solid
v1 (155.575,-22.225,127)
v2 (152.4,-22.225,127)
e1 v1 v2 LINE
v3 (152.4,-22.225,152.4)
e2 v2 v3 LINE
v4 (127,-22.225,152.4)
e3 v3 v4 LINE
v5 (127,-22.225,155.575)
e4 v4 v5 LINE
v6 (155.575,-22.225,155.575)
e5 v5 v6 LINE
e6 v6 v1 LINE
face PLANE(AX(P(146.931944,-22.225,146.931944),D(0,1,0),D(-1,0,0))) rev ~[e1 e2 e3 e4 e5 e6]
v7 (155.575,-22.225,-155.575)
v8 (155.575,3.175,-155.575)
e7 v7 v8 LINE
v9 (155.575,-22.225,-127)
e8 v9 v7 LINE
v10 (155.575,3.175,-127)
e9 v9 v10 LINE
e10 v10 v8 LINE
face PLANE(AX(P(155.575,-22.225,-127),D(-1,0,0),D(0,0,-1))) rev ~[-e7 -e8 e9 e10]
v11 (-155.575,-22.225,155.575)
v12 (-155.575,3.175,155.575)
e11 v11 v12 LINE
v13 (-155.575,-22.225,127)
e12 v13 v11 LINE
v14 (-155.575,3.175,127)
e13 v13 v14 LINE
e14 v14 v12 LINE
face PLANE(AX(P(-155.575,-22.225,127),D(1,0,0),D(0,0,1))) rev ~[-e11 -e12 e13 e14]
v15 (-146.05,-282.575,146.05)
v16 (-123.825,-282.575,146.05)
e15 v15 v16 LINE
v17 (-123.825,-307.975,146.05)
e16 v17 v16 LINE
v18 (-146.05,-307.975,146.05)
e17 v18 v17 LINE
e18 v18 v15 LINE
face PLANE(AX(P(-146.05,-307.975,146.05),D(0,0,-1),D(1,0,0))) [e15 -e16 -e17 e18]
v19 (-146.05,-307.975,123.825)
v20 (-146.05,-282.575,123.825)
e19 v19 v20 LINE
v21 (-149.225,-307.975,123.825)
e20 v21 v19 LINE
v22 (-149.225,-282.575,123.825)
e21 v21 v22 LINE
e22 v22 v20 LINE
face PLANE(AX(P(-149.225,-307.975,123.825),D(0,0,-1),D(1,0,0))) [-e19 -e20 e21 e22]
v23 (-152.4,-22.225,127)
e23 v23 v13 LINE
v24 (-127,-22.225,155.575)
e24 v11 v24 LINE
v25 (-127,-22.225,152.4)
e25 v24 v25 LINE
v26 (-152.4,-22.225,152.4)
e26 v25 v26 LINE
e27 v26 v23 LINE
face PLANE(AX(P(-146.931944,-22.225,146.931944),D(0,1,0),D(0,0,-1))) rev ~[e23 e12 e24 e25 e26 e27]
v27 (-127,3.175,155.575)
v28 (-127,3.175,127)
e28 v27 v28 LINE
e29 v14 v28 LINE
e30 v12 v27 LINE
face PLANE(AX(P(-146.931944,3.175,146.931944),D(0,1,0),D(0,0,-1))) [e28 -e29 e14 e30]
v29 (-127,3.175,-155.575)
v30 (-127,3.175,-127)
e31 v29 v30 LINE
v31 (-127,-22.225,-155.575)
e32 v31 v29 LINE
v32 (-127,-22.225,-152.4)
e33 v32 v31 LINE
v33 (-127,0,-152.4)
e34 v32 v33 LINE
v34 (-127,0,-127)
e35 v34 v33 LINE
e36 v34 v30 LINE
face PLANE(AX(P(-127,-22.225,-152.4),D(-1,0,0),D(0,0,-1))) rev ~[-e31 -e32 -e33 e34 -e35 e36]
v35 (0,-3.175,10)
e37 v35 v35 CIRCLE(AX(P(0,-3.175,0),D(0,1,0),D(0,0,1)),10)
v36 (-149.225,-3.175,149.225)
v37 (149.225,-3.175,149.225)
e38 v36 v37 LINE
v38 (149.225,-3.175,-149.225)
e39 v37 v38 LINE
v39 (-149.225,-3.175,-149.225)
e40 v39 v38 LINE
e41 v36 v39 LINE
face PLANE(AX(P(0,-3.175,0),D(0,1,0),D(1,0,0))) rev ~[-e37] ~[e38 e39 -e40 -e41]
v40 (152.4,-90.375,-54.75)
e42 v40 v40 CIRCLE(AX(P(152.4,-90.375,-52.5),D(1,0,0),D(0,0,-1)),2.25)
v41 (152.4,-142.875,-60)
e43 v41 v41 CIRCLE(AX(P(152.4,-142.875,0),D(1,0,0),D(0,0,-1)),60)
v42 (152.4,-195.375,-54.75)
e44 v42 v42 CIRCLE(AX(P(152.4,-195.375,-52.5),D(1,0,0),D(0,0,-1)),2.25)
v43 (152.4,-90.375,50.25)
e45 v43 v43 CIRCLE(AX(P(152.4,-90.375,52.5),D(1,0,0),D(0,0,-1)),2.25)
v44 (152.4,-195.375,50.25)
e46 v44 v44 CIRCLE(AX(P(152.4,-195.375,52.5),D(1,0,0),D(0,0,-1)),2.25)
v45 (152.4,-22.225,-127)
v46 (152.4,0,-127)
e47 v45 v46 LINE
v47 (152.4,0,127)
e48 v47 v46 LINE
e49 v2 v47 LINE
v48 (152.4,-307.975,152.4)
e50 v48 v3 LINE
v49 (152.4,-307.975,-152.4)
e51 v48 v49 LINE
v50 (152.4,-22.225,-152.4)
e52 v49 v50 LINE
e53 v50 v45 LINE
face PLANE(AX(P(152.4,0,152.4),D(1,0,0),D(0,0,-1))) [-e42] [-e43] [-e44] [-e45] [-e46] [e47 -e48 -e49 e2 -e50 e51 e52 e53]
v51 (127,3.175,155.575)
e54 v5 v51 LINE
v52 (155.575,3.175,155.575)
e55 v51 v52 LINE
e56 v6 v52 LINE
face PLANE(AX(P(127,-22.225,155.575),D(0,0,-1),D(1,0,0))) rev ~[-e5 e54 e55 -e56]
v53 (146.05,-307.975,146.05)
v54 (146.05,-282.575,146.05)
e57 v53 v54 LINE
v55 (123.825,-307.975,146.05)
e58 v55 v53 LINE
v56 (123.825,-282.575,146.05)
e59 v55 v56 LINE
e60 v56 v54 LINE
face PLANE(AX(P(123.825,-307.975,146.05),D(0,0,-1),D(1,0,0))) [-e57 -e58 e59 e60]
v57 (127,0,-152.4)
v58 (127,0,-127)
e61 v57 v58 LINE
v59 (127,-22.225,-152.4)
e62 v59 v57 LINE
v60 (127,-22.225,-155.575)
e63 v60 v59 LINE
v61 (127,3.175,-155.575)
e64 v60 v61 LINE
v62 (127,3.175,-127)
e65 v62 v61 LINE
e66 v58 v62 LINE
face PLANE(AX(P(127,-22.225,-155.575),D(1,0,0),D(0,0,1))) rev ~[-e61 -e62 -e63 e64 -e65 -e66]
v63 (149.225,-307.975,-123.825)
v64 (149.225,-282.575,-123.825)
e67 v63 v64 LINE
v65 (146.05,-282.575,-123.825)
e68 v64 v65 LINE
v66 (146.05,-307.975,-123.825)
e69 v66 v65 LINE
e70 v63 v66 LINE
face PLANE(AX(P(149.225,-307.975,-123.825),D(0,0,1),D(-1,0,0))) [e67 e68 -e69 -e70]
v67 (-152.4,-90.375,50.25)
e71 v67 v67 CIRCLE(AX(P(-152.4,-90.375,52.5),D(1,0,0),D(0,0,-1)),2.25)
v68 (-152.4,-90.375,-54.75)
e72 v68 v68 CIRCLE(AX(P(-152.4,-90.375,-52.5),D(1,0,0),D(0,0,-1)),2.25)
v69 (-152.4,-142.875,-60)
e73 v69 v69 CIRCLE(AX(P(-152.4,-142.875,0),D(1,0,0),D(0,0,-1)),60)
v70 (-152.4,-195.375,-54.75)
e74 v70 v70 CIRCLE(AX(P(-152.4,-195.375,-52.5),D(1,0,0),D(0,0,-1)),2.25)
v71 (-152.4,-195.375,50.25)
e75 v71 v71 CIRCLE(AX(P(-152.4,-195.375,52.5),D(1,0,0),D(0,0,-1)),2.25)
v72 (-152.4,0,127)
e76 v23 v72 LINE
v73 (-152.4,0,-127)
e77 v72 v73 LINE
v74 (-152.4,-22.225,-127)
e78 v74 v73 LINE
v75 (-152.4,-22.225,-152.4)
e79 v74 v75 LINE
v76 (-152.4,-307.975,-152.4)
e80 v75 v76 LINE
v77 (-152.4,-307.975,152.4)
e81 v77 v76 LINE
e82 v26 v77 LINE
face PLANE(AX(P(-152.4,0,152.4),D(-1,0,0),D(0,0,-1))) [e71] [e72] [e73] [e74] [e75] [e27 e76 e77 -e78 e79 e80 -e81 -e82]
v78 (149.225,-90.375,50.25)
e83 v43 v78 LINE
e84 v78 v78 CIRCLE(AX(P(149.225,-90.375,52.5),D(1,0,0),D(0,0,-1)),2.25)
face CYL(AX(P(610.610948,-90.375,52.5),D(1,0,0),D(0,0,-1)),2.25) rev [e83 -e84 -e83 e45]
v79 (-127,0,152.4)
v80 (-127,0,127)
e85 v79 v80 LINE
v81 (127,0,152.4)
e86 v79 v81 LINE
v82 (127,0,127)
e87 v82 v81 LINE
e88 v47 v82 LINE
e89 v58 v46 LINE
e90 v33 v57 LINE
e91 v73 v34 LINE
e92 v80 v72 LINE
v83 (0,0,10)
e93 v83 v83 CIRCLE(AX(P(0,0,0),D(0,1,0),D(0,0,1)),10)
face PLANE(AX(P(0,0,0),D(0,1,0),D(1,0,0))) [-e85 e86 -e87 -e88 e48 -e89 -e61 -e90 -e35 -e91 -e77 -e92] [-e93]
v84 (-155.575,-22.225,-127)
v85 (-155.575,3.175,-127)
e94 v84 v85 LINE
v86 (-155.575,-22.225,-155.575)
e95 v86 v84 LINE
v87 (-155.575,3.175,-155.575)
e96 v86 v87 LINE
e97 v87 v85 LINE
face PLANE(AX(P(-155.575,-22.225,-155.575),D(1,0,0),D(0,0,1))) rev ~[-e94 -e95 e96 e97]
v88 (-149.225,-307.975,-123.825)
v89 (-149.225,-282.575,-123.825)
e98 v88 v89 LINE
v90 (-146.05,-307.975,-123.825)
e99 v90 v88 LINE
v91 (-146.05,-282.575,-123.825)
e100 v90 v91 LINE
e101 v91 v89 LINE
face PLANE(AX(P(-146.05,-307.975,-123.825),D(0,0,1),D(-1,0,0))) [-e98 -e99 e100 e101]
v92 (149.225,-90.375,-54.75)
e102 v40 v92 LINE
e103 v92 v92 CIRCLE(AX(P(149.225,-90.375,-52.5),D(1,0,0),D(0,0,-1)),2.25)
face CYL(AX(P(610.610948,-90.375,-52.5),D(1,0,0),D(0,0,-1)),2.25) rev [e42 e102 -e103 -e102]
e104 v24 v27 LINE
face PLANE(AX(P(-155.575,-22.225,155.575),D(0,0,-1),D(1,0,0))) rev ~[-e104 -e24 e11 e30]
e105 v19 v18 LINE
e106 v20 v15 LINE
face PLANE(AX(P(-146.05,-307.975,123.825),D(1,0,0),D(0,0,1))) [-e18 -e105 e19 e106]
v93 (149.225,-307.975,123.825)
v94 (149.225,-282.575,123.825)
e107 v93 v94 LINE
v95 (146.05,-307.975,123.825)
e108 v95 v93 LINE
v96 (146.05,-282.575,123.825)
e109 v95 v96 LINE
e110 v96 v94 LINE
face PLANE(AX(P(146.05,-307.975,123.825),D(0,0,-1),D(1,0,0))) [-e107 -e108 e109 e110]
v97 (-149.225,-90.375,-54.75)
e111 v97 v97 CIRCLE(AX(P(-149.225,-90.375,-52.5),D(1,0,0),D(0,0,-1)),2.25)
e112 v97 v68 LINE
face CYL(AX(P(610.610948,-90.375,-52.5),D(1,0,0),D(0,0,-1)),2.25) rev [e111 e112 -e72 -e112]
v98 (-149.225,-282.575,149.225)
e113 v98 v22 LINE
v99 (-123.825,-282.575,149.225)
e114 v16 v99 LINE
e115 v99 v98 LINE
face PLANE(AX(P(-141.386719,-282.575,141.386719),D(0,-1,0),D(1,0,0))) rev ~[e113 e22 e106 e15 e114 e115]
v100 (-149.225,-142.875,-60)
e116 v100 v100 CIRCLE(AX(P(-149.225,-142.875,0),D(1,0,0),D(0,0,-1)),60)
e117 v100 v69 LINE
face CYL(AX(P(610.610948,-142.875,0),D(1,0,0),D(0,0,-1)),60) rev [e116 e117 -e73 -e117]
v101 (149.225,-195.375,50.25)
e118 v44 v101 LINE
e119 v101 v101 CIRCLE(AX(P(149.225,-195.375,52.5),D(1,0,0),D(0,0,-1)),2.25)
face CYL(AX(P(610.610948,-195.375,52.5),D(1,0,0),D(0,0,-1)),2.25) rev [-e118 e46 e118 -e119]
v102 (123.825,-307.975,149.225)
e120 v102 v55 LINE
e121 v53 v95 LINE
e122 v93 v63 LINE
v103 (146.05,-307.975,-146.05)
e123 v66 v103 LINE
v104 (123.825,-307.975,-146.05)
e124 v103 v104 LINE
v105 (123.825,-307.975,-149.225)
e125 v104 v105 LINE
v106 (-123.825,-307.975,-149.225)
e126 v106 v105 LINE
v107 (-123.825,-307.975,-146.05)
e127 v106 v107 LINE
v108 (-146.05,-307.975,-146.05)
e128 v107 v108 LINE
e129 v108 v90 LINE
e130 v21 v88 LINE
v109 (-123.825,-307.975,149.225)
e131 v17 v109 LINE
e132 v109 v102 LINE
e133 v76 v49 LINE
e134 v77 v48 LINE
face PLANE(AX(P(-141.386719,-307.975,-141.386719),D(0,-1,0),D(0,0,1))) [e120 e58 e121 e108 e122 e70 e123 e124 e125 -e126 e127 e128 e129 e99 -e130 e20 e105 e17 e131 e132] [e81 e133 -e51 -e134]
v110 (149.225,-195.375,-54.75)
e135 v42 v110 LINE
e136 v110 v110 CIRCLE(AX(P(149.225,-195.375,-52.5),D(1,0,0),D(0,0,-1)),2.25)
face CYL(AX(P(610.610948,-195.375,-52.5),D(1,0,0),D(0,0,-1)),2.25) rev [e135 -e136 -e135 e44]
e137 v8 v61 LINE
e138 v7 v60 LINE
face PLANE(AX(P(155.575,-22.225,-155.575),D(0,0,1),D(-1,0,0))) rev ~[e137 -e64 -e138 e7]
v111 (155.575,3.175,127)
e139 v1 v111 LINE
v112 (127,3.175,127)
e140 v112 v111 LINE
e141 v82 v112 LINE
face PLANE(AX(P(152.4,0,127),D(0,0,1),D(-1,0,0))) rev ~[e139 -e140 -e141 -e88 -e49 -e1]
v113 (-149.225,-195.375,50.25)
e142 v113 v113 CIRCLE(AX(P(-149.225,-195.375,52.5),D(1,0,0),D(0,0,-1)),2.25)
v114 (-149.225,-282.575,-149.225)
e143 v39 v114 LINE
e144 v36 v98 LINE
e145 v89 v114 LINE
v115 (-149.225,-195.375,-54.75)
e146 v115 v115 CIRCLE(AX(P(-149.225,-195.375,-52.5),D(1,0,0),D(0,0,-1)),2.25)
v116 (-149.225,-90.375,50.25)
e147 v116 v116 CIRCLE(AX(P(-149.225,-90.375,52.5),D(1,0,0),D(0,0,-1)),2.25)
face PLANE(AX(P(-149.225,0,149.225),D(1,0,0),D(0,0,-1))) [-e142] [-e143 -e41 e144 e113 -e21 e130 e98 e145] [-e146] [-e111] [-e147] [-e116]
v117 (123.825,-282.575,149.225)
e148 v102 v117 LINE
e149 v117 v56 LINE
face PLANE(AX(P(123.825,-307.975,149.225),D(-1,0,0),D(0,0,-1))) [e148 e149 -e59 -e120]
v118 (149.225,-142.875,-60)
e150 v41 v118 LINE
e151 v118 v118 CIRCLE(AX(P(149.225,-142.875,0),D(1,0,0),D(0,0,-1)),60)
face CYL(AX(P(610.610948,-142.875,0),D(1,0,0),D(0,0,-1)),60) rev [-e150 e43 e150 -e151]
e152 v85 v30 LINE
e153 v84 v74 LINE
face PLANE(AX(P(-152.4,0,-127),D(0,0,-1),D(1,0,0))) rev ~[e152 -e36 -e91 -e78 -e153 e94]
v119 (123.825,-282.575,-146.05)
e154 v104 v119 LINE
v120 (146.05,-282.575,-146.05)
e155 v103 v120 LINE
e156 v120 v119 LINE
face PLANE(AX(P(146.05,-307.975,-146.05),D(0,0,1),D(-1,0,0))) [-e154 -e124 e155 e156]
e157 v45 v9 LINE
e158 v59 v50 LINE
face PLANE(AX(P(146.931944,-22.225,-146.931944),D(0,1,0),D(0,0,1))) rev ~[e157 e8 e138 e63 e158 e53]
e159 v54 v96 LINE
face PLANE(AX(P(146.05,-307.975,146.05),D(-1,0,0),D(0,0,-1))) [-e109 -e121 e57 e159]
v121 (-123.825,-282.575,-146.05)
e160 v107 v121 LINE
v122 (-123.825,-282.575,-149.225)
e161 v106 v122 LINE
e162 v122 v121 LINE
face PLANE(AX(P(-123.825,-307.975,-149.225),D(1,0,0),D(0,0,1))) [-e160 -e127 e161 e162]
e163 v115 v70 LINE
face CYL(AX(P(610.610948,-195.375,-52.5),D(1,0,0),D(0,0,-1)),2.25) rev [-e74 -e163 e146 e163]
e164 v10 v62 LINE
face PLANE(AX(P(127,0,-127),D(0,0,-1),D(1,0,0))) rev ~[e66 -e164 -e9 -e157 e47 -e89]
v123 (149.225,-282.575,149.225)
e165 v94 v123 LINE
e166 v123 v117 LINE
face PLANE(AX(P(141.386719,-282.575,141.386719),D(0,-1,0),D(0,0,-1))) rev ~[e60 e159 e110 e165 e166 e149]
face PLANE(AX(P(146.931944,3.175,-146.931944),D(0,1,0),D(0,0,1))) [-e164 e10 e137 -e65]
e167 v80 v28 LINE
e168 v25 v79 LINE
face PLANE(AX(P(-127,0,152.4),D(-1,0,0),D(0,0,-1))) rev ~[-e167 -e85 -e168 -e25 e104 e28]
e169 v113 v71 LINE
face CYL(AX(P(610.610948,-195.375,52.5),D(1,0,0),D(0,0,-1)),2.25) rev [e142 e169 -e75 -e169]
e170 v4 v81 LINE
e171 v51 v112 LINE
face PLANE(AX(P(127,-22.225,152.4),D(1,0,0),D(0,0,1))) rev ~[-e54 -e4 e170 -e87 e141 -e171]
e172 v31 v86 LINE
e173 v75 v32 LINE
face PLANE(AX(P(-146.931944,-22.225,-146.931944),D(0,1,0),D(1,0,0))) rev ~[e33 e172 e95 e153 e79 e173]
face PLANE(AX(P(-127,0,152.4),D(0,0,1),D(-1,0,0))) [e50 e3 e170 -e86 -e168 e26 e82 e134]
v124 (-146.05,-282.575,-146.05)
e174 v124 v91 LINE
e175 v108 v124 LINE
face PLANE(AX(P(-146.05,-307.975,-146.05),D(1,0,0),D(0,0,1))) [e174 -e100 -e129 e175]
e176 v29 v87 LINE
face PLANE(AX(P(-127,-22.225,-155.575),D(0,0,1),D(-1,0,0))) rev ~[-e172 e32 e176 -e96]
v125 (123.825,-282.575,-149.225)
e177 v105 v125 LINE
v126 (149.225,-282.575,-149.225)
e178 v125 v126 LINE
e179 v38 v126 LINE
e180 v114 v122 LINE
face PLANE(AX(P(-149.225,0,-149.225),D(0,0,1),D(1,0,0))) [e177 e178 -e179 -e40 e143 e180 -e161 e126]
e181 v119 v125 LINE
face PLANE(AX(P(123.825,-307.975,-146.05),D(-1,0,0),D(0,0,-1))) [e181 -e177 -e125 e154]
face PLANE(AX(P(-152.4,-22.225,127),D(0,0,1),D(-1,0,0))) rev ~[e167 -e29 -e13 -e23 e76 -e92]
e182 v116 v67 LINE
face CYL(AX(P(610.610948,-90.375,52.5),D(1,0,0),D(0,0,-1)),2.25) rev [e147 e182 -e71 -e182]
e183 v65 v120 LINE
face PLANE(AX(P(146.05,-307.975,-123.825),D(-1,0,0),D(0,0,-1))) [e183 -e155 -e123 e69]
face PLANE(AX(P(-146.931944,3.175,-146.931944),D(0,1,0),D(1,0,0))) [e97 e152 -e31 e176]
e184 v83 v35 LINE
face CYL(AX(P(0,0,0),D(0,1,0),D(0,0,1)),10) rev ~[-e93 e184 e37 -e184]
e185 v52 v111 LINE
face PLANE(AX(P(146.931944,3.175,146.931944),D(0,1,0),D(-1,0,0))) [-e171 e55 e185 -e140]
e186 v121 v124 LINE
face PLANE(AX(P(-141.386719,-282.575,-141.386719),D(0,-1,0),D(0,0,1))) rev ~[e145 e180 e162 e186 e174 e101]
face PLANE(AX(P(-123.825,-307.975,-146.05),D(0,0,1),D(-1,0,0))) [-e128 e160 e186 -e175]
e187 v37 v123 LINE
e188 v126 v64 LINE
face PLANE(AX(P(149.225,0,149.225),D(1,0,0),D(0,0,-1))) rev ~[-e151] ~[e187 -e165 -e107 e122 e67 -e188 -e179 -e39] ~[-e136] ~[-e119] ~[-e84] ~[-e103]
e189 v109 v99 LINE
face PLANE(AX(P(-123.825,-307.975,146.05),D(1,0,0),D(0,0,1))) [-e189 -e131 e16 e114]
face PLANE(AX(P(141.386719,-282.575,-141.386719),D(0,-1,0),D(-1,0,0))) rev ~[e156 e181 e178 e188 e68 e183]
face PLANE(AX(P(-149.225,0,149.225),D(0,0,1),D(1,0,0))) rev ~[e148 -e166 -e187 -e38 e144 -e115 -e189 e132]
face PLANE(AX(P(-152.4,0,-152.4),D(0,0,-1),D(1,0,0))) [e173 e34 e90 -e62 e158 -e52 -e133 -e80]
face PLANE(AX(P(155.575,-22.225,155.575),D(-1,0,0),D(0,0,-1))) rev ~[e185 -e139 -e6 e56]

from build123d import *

# Parameters (mm, degrees)
SKETCH1_W               = 304.8
SKETCH1_H               = 304.8
SKETCH1_R               = 10
BOSS_EXTRUDE1_DEPTH     = 3.175
SKETCH1_3_W             = 304.8
SKETCH1_3_H             = 304.8
SKETCH1_3_W_2           = 298.45
SKETCH1_3_H_2           = 298.45
BOSS_EXTRUDE2_DEPTH     = 307.975
SKETCH3_W               = 25.4
SKETCH3_H               = 25.4
BOSS_EXTRUDE3_DEPTH     = 3.175
BOSS_EXTRUDE4_START     = -22.225
BOSS_EXTRUDE4_DEPTH     = 25.4
CIRPATTERN1_COUNT       = 4
BOSS_EXTRUDE5_DEPTH     = 25.4
CIRPATTERN2_COUNT       = 4
CUT_EXTRUDE1_DEPTH      = 461.385948146
CUT_EXTRUDE1_DEPTH_BACK = 461.385948146
SKETCH6_R               = 60
SKETCH6_R_2             = 2.25


with BuildPart() as part:
    # Sketch1 → Boss-Extrude1 (new body)
    with BuildSketch(Plane(origin=(0, 0, 0), x_dir=(1, 0, 0), z_dir=(0, 1, 0))):
        Rectangle(SKETCH1_W, SKETCH1_H)
        Circle(SKETCH1_R, mode=Mode.SUBTRACT)
    extrude(amount=-BOSS_EXTRUDE1_DEPTH)

    # Sketch1<3> → Boss-Extrude2 (add)
    with BuildSketch(Plane(origin=(0, 0, 0), x_dir=(1, 0, 0), z_dir=(0, 1, 0))):
        Rectangle(SKETCH1_3_W, SKETCH1_3_H)
        Rectangle(SKETCH1_3_W_2, SKETCH1_3_H_2, mode=Mode.SUBTRACT)
    extrude(amount=-BOSS_EXTRUDE2_DEPTH)

    # Sketch3 → Boss-Extrude3 (add)
    with BuildSketch(Plane(origin=(0, 0, 0), x_dir=(1, 0, 0), z_dir=(0, 1, 0))):
        with Locations((-139.7, 139.7)):
            Rectangle(SKETCH3_W, SKETCH3_H)
    boss_extrude3 = extrude(amount=BOSS_EXTRUDE3_DEPTH)

    # Sketch3<3> → Boss-Extrude4 (add)
    with BuildSketch(Plane(origin=(0, 0, 0), x_dir=(1, 0, 0), z_dir=(0, 1, 0)).offset(BOSS_EXTRUDE4_START)):
        Polygon((-152.4, 127), (-152.4, 152.4), (-127, 152.4), (-127, 155.575), (-155.575, 155.575), (-155.575, 127), align=None)
    boss_extrude4 = extrude(amount=BOSS_EXTRUDE4_DEPTH)

    # CirPattern1: Boss-Extrude3, Boss-Extrude4 ×4 about axis
    cirpattern1_axis = Axis((0, 0, 0), (0, 1, 0))
    add([boss_extrude3.rotate(cirpattern1_axis, i * 360 / CIRPATTERN1_COUNT) for i in range(1, CIRPATTERN1_COUNT)])
    add([boss_extrude4.rotate(cirpattern1_axis, i * 360 / CIRPATTERN1_COUNT) for i in range(1, CIRPATTERN1_COUNT)])

    # Sketch5 → Boss-Extrude5 (add)
    with BuildSketch(Plane.XZ.offset(307.975)):
        Polygon((-149.225, 123.825), (-146.05, 123.825), (-146.05, 146.05), (-123.825, 146.05), (-123.825, 149.225), (-149.225, 149.225), align=None)
    boss_extrude5 = extrude(amount=-BOSS_EXTRUDE5_DEPTH)

    # CirPattern2: Boss-Extrude5 ×4 about axis
    cirpattern2_axis = Axis((0, 0, 0), (0, 1, 0))
    for i in range(1, CIRPATTERN2_COUNT):
        add(boss_extrude5.rotate(cirpattern2_axis, i * 360 / CIRPATTERN2_COUNT))

    # Sketch6 → Cut-Extrude1 (cut, two sides: drawn at the far end of the back side and taken through both)
    with BuildSketch(Plane.ZY.offset(-149.225).offset(-CUT_EXTRUDE1_DEPTH_BACK)):
        with Locations((0, -142.875)):
            Circle(SKETCH6_R)
        with Locations((-52.5, -90.375)):
            Circle(SKETCH6_R_2)
        with Locations((52.5, -90.375)):
            Circle(SKETCH6_R_2)
        with Locations((52.5, -195.375)):
            Circle(SKETCH6_R_2)
        with Locations((-52.5, -195.375)):
            Circle(SKETCH6_R_2)
    extrude(amount=CUT_EXTRUDE1_DEPTH + CUT_EXTRUDE1_DEPTH_BACK, mode=Mode.SUBTRACT)


solid = part.part
